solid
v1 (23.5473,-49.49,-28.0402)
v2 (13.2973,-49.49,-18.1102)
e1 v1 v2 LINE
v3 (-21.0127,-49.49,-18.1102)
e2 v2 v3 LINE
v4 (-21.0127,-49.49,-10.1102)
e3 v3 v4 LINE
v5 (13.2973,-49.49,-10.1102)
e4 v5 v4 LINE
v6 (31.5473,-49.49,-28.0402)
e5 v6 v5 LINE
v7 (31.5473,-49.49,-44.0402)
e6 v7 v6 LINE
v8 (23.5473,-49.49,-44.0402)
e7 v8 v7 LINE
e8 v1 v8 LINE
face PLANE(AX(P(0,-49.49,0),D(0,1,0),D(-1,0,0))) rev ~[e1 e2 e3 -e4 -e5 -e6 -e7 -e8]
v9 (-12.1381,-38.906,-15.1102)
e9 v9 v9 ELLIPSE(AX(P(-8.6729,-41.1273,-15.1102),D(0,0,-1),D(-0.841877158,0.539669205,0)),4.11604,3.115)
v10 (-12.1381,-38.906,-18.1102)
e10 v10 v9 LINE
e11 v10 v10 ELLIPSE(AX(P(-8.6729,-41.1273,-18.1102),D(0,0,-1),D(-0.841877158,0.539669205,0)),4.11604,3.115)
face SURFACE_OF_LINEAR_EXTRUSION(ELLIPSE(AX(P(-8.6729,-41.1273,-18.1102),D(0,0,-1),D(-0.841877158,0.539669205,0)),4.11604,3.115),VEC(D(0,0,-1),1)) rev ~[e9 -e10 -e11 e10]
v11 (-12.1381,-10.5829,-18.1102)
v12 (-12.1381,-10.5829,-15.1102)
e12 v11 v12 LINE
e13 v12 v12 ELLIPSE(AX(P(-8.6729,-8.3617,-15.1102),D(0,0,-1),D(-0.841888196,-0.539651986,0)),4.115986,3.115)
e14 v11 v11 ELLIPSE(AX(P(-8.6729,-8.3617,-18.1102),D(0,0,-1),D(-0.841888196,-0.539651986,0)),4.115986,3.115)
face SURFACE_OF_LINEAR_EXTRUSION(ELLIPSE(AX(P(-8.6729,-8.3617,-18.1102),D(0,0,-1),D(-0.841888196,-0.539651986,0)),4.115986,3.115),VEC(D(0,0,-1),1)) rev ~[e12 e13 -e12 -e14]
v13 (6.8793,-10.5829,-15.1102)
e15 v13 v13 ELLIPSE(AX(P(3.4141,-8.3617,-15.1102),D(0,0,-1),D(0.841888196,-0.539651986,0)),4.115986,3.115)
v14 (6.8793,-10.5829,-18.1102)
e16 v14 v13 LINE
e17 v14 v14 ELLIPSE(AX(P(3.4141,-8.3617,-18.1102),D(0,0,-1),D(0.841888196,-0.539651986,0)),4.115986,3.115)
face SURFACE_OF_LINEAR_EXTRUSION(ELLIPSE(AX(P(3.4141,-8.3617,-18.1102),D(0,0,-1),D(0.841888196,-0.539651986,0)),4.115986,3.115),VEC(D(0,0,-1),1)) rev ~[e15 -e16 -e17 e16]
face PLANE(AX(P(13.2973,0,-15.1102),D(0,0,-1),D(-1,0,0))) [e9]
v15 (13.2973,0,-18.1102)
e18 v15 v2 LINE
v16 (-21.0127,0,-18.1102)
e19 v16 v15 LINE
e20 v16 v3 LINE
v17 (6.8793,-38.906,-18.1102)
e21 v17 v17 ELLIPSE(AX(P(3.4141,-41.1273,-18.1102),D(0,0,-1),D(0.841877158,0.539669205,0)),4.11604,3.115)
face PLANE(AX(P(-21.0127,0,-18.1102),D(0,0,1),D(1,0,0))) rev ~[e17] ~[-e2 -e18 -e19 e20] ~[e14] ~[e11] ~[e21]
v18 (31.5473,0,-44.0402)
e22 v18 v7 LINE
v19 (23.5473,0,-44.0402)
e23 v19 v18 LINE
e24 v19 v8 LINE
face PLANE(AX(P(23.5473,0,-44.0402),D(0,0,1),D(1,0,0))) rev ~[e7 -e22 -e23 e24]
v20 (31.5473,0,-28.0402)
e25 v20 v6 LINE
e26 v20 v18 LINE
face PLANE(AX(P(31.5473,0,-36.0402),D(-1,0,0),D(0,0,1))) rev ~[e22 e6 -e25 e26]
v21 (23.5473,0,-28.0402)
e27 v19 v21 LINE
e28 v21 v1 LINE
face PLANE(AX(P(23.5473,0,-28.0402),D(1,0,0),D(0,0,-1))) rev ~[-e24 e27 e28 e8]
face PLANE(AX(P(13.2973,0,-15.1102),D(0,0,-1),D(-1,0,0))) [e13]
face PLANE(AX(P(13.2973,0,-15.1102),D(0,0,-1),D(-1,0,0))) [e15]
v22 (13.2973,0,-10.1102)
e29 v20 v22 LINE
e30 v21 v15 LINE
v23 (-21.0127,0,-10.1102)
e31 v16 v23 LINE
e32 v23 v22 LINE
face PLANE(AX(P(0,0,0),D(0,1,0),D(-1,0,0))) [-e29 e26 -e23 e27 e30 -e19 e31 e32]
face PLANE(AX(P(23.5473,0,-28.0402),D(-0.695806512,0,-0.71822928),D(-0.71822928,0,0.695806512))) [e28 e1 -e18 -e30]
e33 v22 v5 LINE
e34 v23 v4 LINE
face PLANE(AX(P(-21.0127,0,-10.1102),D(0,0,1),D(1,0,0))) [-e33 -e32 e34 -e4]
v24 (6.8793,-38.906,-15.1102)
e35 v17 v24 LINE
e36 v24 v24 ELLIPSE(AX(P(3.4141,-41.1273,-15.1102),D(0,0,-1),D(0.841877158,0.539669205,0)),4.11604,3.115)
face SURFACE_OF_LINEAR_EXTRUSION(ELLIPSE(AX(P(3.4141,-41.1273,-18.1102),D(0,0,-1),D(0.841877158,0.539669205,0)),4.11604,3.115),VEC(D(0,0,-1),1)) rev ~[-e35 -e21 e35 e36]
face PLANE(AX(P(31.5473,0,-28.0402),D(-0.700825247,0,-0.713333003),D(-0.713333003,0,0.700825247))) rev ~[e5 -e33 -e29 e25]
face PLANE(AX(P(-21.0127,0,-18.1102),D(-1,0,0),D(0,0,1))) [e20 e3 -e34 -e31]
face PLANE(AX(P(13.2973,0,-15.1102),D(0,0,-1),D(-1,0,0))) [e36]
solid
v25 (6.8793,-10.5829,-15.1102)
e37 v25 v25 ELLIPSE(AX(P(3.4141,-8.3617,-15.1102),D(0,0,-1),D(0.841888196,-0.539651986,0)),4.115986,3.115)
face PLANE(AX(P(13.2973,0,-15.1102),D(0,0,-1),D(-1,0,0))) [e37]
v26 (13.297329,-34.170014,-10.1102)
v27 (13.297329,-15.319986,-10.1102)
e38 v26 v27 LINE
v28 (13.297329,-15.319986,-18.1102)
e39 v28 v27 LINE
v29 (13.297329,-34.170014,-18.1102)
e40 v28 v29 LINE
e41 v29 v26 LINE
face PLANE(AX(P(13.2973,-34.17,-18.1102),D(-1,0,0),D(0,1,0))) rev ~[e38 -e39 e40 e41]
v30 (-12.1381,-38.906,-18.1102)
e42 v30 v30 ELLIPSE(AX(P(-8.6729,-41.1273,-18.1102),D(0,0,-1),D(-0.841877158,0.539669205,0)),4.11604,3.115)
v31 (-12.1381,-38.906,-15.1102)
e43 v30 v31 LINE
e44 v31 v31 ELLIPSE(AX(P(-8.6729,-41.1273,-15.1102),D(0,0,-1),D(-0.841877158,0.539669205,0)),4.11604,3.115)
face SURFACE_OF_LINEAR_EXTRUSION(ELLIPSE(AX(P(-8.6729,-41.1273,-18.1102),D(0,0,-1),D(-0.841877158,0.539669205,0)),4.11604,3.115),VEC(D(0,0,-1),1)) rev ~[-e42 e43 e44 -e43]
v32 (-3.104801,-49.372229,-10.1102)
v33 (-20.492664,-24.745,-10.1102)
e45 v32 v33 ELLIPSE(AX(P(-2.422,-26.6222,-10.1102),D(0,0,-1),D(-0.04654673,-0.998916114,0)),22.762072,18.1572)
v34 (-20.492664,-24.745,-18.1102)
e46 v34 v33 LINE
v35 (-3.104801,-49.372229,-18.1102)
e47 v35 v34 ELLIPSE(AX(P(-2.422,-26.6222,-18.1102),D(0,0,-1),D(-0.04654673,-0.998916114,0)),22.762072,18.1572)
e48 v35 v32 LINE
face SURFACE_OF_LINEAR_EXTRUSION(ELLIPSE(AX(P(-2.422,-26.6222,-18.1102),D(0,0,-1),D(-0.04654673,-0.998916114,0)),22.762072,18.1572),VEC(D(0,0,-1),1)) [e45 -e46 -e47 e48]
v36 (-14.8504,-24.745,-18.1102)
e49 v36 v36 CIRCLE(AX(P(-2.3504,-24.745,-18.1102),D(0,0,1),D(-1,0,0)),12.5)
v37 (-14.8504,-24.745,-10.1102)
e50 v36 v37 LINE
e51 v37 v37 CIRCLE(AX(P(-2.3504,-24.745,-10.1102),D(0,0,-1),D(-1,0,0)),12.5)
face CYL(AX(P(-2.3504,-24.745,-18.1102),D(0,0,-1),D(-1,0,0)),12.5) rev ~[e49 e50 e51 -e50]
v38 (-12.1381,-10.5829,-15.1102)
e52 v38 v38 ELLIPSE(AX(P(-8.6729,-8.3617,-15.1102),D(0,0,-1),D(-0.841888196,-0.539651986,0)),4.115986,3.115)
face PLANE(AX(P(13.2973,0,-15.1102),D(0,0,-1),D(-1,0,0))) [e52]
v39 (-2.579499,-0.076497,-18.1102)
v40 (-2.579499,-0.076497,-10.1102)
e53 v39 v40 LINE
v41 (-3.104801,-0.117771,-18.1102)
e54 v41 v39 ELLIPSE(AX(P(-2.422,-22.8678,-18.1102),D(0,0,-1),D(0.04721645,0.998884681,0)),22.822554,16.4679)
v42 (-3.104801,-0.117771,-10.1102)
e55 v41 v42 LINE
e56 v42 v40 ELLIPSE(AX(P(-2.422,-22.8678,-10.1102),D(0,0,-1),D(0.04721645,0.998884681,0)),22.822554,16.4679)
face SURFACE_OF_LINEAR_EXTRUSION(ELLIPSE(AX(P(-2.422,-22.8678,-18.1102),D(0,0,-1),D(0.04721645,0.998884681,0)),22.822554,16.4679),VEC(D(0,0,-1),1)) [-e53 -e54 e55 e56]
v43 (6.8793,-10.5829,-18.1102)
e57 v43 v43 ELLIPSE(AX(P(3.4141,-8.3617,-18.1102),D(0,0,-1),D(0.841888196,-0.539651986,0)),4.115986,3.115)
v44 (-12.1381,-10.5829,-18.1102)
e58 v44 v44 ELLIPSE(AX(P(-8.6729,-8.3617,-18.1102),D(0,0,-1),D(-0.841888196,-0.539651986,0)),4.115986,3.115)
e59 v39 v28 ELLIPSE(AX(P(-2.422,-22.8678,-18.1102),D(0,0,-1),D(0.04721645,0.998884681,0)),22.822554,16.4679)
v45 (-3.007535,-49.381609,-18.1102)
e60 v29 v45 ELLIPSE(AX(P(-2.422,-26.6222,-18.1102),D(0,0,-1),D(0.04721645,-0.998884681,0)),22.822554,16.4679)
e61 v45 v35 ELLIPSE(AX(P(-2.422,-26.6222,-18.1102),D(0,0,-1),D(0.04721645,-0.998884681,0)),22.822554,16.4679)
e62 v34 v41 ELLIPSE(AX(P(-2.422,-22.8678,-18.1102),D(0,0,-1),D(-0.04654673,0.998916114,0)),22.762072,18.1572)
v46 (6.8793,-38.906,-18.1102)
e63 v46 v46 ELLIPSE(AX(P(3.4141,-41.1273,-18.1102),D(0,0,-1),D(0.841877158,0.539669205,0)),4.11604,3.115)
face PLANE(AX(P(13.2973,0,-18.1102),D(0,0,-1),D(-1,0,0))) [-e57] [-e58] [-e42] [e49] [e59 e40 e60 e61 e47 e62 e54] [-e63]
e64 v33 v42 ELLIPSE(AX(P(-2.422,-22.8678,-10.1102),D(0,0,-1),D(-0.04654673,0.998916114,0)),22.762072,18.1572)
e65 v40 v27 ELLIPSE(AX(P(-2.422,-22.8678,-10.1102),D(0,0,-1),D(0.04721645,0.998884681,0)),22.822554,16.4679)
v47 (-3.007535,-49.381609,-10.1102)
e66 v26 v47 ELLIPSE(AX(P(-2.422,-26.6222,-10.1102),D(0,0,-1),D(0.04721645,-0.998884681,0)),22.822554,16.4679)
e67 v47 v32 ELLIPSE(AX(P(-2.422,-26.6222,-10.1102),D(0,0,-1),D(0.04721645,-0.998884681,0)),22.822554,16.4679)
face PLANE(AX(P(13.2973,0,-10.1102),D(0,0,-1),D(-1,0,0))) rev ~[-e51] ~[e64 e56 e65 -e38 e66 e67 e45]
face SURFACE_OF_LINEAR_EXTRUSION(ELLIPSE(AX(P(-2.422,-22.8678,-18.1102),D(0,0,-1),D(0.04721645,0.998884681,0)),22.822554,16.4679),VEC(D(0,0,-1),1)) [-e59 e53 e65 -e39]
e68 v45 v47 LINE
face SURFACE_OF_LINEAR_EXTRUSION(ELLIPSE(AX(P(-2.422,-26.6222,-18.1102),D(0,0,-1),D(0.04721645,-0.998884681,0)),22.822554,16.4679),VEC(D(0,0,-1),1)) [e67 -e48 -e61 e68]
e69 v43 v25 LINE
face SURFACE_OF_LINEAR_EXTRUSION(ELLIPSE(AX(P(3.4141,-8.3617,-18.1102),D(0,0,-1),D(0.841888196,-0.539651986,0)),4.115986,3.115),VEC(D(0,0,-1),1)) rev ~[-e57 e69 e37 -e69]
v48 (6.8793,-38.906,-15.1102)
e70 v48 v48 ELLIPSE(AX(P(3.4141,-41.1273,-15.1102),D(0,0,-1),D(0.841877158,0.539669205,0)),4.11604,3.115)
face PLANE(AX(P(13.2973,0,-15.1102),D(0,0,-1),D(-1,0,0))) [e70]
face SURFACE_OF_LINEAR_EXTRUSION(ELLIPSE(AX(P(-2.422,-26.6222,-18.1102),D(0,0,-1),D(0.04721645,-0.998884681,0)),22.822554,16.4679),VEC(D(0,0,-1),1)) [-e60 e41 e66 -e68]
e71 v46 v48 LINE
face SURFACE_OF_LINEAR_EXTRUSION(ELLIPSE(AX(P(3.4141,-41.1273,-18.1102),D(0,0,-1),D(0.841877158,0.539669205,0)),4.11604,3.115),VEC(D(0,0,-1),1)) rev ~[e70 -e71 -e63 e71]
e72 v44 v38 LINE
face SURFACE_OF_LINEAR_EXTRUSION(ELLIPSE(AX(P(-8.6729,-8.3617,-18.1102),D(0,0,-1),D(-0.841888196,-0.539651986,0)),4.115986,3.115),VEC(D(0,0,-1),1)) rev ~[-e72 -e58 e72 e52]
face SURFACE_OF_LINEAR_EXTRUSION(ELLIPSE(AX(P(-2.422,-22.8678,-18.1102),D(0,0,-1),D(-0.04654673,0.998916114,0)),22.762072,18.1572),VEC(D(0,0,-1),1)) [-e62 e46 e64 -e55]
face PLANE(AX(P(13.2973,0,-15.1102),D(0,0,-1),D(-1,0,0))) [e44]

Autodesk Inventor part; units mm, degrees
ref_plane "YZ Plane" through (0, 0, 0) normal (1, 0, 0) x (0, 1, 0)
sketch "Основной эскиз" plane through (0, 0, 0) normal (0, 1, 0) x (-1, 0, 0)
  line L0 (21.0127, -18.1102) -> (-13.2973, -18.1102)
  line L1 (21.0127, -18.1102) -> (21.0127, -10.1102)
  line L2 (21.0127, -10.1102) -> (-13.2973, -10.1102)
  line L3 (20.451, -28.0402) -> (-43.6243, -28.0402)
  line L4 (-23.5473, -28.0402) -> (-23.5473, -44.0402)
  line L5 (-23.5473, -44.0402) -> (-31.5473, -44.0402)
  line L6 (-31.5473, -44.0402) -> (-31.5473, -28.0402)
  line L7 (-31.5473, -28.0402) -> (-13.2973, -10.1102)
  line L8 (-23.5473, -28.0402) -> (-13.2973, -18.1102)
  line L9 (-5.2293, -36.0402) -> (-38.0765, -36.0402)
  line L10 (31.3847, -10.1102) -> (-49.5844, -10.1102)
  line L11 (3.1555, -40.2525) -> (3.1555, 5.5167)
  point P0 (0, 0)
  point P1 (-23.5473, -36.0402)
  dimension "d0" = 34.31
  dimension "d2" = 8
  dimension "d3" = 34.31
  dimension "d5" = 8
  dimension "d7" = 17.93
  dimension "d8" = 25.93
  dimension "d9" = 10.25
  dimension "d10" = 8
extrude "ВыдавливаниеОсновной" add sketch "Основной эскиз" against normal blind 49.49 contours L0 L11 L2 L1 | L0 L8 L3 L7 L2 L11 | L4 L9 L6 L3 | L4 L5 L6 L9
ref_plane "РабПлоскость18" through (13.2973, 0, -18.1102) normal (0, 0, -1) x (-1, 0, 0)
ref_plane "РабПлоскость41" through (13.0446, -16.4427, -18.1102) normal (0.6958, 0.0022, 0.7182) x (0.0031, -1, 0)
sketch "Ручка" plane through (13.0446, -16.4427, -18.1102) normal (0.6958, 0.0022, 0.7182) x (0.0031, -1, 0)
  arc A0 (13.7315, 14.434) -> (17.6656, 0.1628) centre (18.6248, 8.105) ccw
  arc A1 (14.1675, 14.7411) -> (13.7315, 14.434) centre (17.4015, 9.6873) ccw
  arc A2 (-1.0594, 0.1628) -> (2.3115, 14.434) centre (-2.4886, 8.0341) ccw
  line L0 (2.3115, 14.434) -> (13.7315, 14.434)
  line L1 (-1.0594, 0.1628) -> (17.6656, 0.1628)
  line L2 (17.728, 0.1415) -> (-1.1219, 0.184) projected
  point P0 (-16.4836, -21.933)
  point P1 (-16.4096, 14.4897)
  point P2 (12.9792, 13.7423)
  point P3 (8.3031, 0.1628)
  dimension "d341" = 16
  dimension "d345" = 12
  dimension "d352" = 11.42
  dimension "d353" = 14.2712
extrude "Выдавливание32" [suppressed]
sketch "Отвертстия" plane through (13.2973, 0, -18.1102) normal (0, 0, -1) x (-1, 0, 0)
  line L0 (48.4897, -24.745) -> (-16.3078, -24.745)
  line L1 (0, 0) -> (34.31, 0) projected
  line L2 (34.31, -49.49) -> (0, -49.49) projected
  line L3 (34.31, 0) -> (34.31, -49.49) projected
  circle A0 centre (15.6477, -24.745) radius 12.5
  ellipse E0 centre (15.7193, -26.6222) end of major axis (16.7788, -49.3596) minor radius 18.1572 (16.4021, -49.3722) -> (33.79, -24.745) ccw
  ellipse E1 centre (15.7193, -22.8678) end of major axis (16.7788, -0.1304) minor radius 18.1572 (33.79, -24.745) -> (16.4021, -0.1178) ccw
  ellipse E2 centre (15.7193, -26.6222) end of major axis (14.6417, -49.4193) minor radius 16.4679 (0, -34.17) -> (16.4021, -49.3722) ccw
  ellipse E3 centre (15.7193, -22.8678) end of major axis (14.6417, -0.0707) minor radius 16.4679 (16.4021, -0.1178) -> (0, -15.32) ccw
  line L4 (0, -34.17) -> (0, -15.32)
  line L5 (0, 0) -> (0, -49.49) projected
  line L6 (16.4339, -64.2485) -> (15.7511, 14.4026)
  point P0 (17.155, 0)
  point P1 (0, -24.745)
  point P2 (16.091, -24.745)
  dimension "d31" = 25
  dimension "d329" = 18.85
extrude "Корпус элипса" add sketch "Отвертстия" against normal blind 8 separate body contours E0 E2 L6 A0 L0 | L0 A0 L6 E3 E1 | A0 L0 L4 E3 L6 | L6 E2 L4 L0 A0
sketch "Эскиз42" plane through (13.2973, 0, -18.1102) normal (0, 0, -1) x (-1, 0, 0)
  ellipse E0 centre (9.8832, -41.1273) end of major axis (6.418, -38.906) minor radius 3.115
  line L0 (48.3173, -24.7445) -> (-16.4639, -24.7445) projected
  ellipse E1 centre (9.8832, -8.3617) end of major axis (6.418, -10.5829) minor radius 3.115
  line L1 (15.9267, -61.1755) -> (15.9267, 11.6866)
  ellipse E2 centre (21.9702, -41.1273) end of major axis (25.4354, -38.906) minor radius 3.115
  ellipse E3 centre (21.9702, -8.3617) end of major axis (25.4354, -10.5829) minor radius 3.115
  point P0 (13.2973, 0)
  point P1 (15.9267, -24.7445)
  dimension "d401" = 4.116
  dimension "d402" = 3.115
extrude "Дырки" cut sketch "Эскиз42" against normal blind 3
properties part number "lw_4_2_крепление_yjdjt"
